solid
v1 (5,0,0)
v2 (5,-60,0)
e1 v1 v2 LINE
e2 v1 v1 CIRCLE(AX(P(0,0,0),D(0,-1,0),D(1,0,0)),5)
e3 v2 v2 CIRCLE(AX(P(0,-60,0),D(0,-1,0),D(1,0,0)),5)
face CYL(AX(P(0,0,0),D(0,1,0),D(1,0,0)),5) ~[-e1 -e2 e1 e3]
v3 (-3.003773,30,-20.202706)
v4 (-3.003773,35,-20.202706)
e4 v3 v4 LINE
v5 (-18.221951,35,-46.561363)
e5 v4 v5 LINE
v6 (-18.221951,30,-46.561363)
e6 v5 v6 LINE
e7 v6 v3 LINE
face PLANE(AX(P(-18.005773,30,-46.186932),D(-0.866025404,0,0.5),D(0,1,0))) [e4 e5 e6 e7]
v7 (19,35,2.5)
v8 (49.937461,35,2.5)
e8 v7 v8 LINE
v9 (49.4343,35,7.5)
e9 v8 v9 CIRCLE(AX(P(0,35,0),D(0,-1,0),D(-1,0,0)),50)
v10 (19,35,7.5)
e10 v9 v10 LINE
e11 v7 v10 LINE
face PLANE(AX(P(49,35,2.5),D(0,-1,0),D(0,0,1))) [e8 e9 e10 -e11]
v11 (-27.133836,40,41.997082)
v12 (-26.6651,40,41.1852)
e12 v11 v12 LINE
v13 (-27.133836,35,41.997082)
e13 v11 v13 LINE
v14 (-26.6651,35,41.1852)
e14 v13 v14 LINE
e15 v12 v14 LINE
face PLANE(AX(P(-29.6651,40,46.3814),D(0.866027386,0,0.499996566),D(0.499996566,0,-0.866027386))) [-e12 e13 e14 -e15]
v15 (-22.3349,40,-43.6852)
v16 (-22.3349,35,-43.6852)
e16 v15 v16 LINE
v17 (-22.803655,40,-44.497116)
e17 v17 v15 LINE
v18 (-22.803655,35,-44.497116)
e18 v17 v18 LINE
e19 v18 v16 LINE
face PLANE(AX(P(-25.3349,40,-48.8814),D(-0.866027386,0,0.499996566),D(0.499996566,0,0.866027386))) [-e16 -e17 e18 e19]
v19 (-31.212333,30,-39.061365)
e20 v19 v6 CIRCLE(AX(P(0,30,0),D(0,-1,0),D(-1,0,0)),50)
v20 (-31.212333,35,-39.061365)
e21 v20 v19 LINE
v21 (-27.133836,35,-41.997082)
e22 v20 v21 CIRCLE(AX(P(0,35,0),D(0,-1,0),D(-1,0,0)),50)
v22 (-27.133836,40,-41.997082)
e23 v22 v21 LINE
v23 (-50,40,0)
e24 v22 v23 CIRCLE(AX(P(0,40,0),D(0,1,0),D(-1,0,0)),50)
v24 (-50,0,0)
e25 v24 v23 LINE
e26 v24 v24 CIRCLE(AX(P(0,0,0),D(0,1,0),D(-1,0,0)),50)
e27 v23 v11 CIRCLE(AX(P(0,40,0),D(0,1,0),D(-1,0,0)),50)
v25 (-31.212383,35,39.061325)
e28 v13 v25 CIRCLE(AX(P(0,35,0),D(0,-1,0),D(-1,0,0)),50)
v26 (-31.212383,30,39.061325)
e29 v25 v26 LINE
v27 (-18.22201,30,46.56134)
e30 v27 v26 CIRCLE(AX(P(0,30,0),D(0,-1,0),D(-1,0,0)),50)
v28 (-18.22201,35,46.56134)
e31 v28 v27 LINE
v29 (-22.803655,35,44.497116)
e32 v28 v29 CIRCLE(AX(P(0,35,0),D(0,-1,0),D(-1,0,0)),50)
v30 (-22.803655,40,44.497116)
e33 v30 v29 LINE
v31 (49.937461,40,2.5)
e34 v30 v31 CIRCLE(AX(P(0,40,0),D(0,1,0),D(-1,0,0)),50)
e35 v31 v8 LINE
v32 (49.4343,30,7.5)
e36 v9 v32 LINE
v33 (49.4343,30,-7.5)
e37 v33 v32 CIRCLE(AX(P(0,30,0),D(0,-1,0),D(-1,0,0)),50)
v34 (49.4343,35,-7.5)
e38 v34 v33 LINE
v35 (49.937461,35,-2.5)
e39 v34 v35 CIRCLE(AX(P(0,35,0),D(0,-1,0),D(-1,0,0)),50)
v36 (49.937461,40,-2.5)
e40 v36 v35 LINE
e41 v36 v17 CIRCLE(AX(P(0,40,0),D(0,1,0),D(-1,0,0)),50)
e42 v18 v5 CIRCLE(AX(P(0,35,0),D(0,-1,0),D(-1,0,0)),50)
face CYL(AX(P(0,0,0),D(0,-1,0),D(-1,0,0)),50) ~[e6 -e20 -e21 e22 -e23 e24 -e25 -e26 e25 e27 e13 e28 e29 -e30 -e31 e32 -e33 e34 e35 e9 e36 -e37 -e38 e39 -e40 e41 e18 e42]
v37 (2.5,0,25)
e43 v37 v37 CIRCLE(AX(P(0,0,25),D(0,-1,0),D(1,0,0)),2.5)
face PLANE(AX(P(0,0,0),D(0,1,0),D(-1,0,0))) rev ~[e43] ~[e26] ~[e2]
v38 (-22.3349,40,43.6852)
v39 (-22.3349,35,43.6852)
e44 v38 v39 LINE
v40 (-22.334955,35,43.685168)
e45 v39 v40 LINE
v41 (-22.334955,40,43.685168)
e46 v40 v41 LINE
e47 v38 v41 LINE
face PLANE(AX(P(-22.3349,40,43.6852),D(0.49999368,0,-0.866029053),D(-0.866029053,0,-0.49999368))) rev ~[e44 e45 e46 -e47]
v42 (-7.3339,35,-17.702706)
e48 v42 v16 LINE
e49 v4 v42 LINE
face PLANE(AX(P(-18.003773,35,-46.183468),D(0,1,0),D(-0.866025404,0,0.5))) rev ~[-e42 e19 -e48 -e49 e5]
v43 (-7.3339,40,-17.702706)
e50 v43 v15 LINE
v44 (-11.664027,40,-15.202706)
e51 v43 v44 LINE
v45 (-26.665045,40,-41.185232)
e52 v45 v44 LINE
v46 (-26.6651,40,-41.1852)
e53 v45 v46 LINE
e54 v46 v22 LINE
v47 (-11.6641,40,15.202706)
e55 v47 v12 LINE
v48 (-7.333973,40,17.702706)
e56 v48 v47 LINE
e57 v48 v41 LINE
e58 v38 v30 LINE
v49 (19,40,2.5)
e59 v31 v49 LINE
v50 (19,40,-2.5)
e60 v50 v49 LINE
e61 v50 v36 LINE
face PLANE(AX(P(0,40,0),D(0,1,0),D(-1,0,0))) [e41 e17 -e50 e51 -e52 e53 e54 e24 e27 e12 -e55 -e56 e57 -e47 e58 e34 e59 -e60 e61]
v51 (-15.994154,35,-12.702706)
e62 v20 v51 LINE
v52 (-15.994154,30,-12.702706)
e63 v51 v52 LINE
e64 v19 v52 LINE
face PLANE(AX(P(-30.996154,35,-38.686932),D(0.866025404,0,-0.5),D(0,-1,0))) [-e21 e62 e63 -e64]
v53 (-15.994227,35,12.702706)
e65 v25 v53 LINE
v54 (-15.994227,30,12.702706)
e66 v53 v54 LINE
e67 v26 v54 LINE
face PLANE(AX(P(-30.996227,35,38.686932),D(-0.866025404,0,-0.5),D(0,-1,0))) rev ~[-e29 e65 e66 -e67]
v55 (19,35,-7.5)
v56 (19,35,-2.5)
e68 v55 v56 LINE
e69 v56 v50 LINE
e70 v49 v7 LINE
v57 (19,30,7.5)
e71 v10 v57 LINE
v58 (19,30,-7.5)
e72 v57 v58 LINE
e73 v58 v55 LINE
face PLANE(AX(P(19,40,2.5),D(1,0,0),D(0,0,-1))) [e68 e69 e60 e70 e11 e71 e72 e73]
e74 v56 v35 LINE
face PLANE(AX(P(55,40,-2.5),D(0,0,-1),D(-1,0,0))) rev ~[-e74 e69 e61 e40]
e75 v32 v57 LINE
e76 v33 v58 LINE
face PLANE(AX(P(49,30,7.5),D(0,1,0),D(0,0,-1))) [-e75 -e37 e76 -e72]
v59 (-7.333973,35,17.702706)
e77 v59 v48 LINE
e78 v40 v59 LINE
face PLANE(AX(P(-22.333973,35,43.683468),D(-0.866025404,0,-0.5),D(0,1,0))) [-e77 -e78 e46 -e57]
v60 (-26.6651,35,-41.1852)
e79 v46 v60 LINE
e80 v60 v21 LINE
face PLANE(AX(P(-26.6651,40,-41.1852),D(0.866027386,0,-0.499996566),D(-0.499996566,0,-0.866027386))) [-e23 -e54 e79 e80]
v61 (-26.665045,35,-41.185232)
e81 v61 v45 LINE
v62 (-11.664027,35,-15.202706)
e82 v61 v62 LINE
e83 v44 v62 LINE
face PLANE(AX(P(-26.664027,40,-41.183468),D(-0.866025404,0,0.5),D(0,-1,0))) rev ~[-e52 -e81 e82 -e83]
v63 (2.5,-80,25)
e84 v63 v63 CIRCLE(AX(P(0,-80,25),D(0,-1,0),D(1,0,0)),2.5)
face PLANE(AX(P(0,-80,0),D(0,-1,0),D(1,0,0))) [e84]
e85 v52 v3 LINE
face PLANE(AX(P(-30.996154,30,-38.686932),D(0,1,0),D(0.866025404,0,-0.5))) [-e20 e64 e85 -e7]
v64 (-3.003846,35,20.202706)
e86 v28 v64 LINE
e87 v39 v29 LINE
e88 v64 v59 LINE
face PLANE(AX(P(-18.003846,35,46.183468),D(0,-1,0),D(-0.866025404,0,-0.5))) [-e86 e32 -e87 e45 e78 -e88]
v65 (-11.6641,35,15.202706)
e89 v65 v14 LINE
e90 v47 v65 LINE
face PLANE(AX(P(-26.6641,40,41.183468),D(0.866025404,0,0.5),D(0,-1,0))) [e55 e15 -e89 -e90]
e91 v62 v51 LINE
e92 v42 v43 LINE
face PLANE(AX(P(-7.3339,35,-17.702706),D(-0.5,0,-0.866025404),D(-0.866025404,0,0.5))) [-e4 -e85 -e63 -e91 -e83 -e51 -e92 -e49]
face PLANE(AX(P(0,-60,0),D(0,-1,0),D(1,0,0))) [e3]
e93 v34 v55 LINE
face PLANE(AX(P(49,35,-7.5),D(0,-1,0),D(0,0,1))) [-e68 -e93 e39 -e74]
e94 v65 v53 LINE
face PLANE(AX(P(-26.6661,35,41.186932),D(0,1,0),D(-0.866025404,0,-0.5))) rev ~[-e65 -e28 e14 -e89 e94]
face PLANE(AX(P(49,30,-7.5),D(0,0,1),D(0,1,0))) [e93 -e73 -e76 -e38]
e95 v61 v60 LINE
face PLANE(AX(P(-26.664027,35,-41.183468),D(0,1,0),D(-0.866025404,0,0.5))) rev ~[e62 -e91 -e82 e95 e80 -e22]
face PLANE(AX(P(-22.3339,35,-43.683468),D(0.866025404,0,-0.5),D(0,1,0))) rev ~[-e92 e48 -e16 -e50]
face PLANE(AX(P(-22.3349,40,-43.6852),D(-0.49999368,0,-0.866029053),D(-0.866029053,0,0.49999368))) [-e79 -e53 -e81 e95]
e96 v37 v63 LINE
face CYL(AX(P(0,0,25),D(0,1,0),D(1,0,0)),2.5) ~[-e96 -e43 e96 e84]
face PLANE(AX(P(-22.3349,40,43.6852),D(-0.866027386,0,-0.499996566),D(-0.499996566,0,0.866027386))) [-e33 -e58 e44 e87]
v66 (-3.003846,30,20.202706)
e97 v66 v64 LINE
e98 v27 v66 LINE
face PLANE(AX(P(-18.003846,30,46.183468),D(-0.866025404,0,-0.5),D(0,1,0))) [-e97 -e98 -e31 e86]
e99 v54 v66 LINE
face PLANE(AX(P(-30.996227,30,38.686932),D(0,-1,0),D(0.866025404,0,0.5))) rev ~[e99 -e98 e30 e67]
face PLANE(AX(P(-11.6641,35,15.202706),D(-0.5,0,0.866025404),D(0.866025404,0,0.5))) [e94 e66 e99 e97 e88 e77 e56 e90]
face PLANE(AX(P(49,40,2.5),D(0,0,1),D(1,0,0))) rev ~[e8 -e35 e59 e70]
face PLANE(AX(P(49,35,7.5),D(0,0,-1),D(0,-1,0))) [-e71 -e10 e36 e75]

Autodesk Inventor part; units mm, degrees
ref_plane "YZ Plane" through (0, 0, 0) normal (1, 0, 0) x (0, 1, 0)
ref_plane "XZ Plane" through (0, 0, 0) normal (0, 1, 0) x (-1, 0, 0)
ref_plane "XY Plane" through (0, 0, 0) normal (0, 0, 1) x (1, 0, 0)
sketch "Sketch1" plane through (0, 0, 0) normal (0, 1, 0) x (-1, 0, 0)
  circle A0 centre (0, 0) radius 50
  dimension "d0" = 100
extrude "Extrusion1" add sketch "Sketch1" along normal blind 40
sketch "Sketch6" plane through (0, 0, 0) normal (0, -1, 0) x (1, 0, 0)
  circle A0 centre (0, 0) radius 5
  dimension "d36" = 10
extrude "Extrusion6" add sketch "Sketch6" along normal blind 60
thread "Thread1" size "M10x1.5" class "6g" standard "ANSI Metric M Profile" full length
sketch "Sketch7" plane through (0, 40, 0) normal (0, 1, 0) x (1, 0, 0)
  line L0 (0, 0) -> (0, 50)
  circle A0 centre (0, 0) radius 5 projected
  line L1 (-27.5, -47.6314) -> (-29.6651, -46.3814)
  line L2 (-29.6651, -46.3814) -> (-26.6651, -41.1852)
  line L3 (-22.3349, -43.6852) -> (-25.3349, -48.8814)
  line L4 (-25.3349, -48.8814) -> (-27.5, -47.6314)
  line L5 (-22.3349, -43.6852) -> (-26.6651, -41.1852)
  line L6 (-27.5, 47.6314) -> (-25.3349, 48.8814)
  line L7 (-25.3349, 48.8814) -> (-22.3349, 43.6852)
  line L8 (-22.3349, 43.6852) -> (-26.6651, 41.1852)
  line L9 (-26.6651, 41.1852) -> (-29.6651, 46.3814)
  line L10 (-29.6651, 46.3814) -> (-27.5, 47.6314)
  line L11 (55, 0) -> (55, 2.5)
  line L12 (55, 2.5) -> (49, 2.5)
  line L13 (49, 2.5) -> (49, -2.5)
  line L14 (49, -2.5) -> (55, -2.5)
  line L15 (55, -2.5) -> (55, 0)
  dimension "d52" = 5
  dimension "d55" = 6
  dimension "d58" = 2.5
  dimension "d60" = 5
extrude "Extrusion7" cut sketch "Sketch7" against normal blind 5 contours L1 L2 L5 L3 L4 | L6 L7 L8 L9 L10 | L15 L14 L13 L12 L11
sketch "Sketch8" plane through (-22.3349, 35, -43.6852) normal (-0.5, 0, -0.866) x (-0.866, 0, 0.5)
  line L0 (0, 5) -> (5, 5)
  line L1 (5, 5) -> (5, 0)
  line L2 (5, 5) -> (5, 0) projected
  line L3 (5, 0) -> (10, 0)
  line L4 (10, 0) -> (10, -5)
  line L5 (10, -5) -> (-5, -5)
  line L6 (-5, -5) -> (-5, 0)
  line L7 (-5, 0) -> (0, 0)
  line L8 (0, 0) -> (0, 5)
  line L9 (0, 5) -> (0, 0) projected
  point P0 (2.5, -35)
  dimension "d63" = 5
  dimension "d64" = 5
  dimension "d65" = 15
extrude "Extrusion8" cut sketch "Sketch8" along normal mid plane 60
sketch "Sketch9" plane through (49, 40, 2.5) normal (1, 0, 0) x (0, 0, -1)
  line L0 (5, 0) -> (0, 0)
  line L1 (0, 0) -> (5, 0) projected
  line L2 (0, 0) -> (0, -5)
  line L3 (0, -5) -> (0, 0) projected
  line L4 (0, -5) -> (-5, -5)
  line L5 (-5, -5) -> (-5, -10)
  line L6 (-5, -10) -> (10, -10)
  line L7 (10, -10) -> (10, -5)
  line L8 (10, -5) -> (5, -5)
  line L9 (5, -5) -> (5, 0)
  line L10 (5, 0) -> (5, -5) projected
  point P0 (2.5, -40)
  dimension "d68" = 5
  dimension "d69" = 5
  dimension "d70" = 15
extrude "Extrusion9" cut sketch "Sketch9" along normal mid plane 60
sketch "Sketch10" plane through (-26.6651, 35, 41.1852) normal (-0.5, 0, 0.866) x (0.866, 0, 0.5)
  line L0 (5, 5) -> (0, 5)
  line L1 (0, 5) -> (5, 5) projected
  line L2 (0, 5) -> (0, 0)
  line L3 (0, 0) -> (0, 5) projected
  line L4 (0, 0) -> (-5, 0)
  line L5 (-10.2045, 0) -> (-36.5614, 0) projected
  line L6 (-5, 0) -> (-5, -5)
  line L7 (-5, -5) -> (10, -5)
  line L8 (10, -5) -> (10, 0)
  line L9 (10, 0) -> (5, 0)
  line L10 (5, 0) -> (5, 5)
  point P0 (2.5, -35)
  dimension "d73" = 5
  dimension "d74" = 5
  dimension "d75" = 15
extrude "Extrusion10" cut sketch "Sketch10" along normal mid plane 60
sketch "Sketch11" plane through (0, 0, 0) normal (0, -1, 0) x (1, 0, 0)
  circle A0 centre (0, 25) radius 2.5
  point P0 (0, 0)
  dimension "d82" = 5
extrude "Extrusion11" add sketch "Sketch11" along normal blind 80
